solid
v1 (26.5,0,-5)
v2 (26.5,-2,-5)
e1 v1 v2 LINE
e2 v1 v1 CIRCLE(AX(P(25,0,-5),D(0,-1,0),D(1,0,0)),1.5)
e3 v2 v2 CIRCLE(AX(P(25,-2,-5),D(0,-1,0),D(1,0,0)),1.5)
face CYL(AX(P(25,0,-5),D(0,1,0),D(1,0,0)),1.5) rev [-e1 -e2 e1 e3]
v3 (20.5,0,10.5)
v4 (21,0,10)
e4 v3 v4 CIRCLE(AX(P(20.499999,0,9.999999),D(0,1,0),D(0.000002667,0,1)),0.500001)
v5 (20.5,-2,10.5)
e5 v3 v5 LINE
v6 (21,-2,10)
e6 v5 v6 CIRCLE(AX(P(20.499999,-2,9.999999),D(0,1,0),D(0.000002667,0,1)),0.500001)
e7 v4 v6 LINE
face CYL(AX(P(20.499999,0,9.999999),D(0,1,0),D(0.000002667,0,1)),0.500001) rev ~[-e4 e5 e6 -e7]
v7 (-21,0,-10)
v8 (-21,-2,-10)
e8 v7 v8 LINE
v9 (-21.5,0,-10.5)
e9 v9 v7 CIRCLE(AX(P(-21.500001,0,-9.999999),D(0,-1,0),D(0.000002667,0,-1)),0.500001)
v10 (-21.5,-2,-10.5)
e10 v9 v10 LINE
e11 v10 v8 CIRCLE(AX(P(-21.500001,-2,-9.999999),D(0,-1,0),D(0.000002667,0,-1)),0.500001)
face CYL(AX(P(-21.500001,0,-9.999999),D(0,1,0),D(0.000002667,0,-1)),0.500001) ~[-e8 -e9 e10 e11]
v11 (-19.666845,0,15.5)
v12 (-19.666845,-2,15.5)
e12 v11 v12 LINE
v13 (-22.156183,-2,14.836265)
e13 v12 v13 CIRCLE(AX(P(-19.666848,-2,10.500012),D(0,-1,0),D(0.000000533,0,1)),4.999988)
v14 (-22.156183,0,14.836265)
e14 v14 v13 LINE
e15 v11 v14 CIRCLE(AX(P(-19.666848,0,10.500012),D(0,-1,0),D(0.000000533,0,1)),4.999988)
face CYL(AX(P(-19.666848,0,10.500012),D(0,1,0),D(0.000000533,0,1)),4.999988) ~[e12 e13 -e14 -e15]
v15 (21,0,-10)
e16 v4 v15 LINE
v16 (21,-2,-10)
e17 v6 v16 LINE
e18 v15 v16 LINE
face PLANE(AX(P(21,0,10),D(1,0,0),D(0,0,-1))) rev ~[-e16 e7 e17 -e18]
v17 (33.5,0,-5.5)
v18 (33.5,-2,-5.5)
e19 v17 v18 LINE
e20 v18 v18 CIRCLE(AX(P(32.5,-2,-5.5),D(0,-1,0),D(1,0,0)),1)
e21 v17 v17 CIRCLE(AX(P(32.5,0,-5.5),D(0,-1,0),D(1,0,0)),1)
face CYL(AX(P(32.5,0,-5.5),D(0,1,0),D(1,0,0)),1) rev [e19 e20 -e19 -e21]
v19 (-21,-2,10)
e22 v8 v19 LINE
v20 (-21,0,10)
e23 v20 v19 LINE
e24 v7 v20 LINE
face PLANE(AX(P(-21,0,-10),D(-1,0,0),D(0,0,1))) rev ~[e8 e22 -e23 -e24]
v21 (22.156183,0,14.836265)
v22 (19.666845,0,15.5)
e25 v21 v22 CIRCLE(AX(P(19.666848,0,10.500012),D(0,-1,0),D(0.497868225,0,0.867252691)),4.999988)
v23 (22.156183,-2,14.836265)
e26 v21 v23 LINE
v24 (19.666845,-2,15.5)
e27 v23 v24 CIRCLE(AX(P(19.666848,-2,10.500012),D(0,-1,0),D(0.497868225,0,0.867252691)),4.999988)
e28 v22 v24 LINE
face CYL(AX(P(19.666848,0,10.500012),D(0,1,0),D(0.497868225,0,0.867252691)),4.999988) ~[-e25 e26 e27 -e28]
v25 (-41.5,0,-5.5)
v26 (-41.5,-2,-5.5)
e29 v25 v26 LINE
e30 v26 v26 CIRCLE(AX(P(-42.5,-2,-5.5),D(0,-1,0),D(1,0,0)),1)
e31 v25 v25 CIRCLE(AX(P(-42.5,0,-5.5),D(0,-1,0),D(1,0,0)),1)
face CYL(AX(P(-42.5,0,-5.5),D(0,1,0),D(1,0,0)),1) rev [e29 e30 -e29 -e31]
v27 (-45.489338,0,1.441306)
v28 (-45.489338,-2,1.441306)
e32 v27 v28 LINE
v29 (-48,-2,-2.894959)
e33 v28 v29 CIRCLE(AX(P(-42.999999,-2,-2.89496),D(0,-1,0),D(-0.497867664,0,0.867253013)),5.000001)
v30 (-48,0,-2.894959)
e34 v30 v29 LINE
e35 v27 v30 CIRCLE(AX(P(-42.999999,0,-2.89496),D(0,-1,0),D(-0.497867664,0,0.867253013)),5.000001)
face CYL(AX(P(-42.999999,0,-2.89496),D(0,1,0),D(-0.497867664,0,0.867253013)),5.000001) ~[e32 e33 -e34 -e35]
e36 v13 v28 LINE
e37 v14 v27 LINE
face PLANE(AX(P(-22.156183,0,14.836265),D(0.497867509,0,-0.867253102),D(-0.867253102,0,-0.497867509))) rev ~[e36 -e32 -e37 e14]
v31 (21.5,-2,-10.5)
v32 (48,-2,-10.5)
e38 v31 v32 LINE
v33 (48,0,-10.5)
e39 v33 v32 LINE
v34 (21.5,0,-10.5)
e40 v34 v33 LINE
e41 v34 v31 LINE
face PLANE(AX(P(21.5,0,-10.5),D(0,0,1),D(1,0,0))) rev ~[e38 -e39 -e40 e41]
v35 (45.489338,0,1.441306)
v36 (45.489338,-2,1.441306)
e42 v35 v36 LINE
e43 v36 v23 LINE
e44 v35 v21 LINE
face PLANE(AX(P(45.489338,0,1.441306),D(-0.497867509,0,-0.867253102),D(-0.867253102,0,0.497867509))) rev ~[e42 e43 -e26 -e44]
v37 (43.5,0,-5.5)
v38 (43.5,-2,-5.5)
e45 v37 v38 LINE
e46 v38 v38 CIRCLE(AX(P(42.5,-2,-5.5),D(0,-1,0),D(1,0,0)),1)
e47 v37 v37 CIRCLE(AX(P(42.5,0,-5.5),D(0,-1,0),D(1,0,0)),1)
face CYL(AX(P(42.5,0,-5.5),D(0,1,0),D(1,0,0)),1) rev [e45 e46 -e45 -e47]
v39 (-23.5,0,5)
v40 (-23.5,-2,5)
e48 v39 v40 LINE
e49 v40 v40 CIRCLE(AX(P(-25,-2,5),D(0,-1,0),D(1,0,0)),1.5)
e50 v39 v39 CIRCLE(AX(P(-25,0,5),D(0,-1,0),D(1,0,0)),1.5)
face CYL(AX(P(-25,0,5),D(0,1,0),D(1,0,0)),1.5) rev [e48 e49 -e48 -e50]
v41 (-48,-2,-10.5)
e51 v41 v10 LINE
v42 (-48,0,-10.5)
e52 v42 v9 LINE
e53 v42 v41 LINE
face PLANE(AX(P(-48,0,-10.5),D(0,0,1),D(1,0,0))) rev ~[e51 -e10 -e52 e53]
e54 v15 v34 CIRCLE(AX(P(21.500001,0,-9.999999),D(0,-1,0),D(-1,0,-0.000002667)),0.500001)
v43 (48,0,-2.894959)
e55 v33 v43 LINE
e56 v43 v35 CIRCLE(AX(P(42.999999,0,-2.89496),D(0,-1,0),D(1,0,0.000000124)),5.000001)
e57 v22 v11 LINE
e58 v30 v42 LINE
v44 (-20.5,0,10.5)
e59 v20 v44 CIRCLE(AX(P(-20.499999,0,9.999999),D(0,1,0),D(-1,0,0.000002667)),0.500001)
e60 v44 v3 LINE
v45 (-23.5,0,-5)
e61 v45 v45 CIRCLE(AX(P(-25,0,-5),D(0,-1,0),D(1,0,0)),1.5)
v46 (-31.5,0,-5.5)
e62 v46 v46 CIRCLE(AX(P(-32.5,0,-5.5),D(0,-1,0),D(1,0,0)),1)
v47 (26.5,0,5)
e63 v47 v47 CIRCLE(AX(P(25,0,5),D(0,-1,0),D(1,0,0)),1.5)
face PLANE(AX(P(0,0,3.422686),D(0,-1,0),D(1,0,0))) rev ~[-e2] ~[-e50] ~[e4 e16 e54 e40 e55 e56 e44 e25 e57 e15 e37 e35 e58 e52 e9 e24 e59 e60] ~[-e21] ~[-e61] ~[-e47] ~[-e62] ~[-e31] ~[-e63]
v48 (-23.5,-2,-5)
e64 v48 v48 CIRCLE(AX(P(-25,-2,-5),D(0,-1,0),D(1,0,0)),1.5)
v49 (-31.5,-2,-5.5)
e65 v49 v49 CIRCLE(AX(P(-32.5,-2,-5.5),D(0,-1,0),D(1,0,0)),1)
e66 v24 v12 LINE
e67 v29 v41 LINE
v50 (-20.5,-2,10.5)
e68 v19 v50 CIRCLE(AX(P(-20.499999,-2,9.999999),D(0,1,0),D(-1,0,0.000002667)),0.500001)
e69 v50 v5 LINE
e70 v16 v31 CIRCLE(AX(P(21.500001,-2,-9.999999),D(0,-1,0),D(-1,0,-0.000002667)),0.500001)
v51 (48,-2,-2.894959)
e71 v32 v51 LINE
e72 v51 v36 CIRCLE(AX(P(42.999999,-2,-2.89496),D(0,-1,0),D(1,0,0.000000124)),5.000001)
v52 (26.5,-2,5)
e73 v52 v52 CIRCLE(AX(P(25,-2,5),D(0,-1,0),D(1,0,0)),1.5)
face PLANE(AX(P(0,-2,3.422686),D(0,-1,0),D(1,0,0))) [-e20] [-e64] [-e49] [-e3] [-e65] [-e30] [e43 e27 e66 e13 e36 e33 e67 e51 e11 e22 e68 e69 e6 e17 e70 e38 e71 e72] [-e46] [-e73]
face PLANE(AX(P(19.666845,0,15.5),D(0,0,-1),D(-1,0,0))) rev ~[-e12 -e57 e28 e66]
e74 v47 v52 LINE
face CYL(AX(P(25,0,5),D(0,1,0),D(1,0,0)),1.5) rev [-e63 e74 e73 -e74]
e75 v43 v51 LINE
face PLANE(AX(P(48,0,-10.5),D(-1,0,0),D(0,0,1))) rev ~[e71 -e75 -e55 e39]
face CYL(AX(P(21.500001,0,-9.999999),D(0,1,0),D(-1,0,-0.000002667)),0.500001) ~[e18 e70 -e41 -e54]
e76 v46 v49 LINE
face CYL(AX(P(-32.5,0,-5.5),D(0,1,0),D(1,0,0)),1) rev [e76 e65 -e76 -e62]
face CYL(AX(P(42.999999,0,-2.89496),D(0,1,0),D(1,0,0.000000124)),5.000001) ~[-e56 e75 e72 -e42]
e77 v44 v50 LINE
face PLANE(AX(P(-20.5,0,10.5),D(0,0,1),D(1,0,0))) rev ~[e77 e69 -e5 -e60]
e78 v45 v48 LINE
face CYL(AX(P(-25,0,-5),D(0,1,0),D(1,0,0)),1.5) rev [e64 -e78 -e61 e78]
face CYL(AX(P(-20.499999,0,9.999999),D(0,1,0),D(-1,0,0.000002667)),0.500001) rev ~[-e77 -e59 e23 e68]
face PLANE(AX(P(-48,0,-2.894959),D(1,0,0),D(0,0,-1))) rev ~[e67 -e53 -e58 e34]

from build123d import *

# Parameters (mm, degrees)
F0_R     = 1
F0_R_2   = 1.5
F1_DEPTH = 2


with BuildPart() as f1:
    # F0 (on Front) → F1 (new body)
    with BuildSketch(Plane.XZ):
        with BuildLine():
            ThreePointArc((-21, 10), (-20.853553, 10.353553), (-20.5, 10.5))
            Line((-20.5, 10.5), (20.5, 10.5))
            ThreePointArc((20.5, 10.5), (20.853553, 10.353553), (21, 10))
            Line((21, 10), (21, -10))
            ThreePointArc((21, -10), (21.146447, -10.353553), (21.5, -10.5))
            Line((21.5, -10.5), (30, -10.5))
            Line((30, -10.5), (45, -10.5))
            Line((45, -10.5), (48, -10.5))
            Line((48, -10.5), (48, -2.894959))
            ThreePointArc((48, -2.894959), (47.327048, -0.389634), (45.489338, 1.441306))
            Line((45.489338, 1.441306), (22.156183, 14.836265))
            ThreePointArc((22.156183, 14.836265), (20.954997, 15.331218), (19.666845, 15.5))
            Line((19.666845, 15.5), (0, 15.5))
            Line((0, 15.5), (-19.666845, 15.5))
            ThreePointArc((-19.666845, 15.5), (-20.954997, 15.331218), (-22.156183, 14.836265))
            Line((-22.156183, 14.836265), (-45.489338, 1.441306))
            ThreePointArc((-45.489338, 1.441306), (-47.327048, -0.389634), (-48, -2.894959))
            Line((-48, -2.894959), (-48, -10.5))
            Line((-48, -10.5), (-45, -10.5))
            Line((-45, -10.5), (-30, -10.5))
            Line((-30, -10.5), (-21.5, -10.5))
            ThreePointArc((-21.5, -10.5), (-21.146447, -10.353553), (-21, -10))
            Line((-21, -10), (-21, 10))
        make_face()
        with Locations((-42.5, -5.5)):
            Circle(F0_R, mode=Mode.SUBTRACT)
        with Locations((-32.5, -5.5)):
            Circle(F0_R, mode=Mode.SUBTRACT)
        with Locations((-25, -5)):
            Circle(F0_R_2, mode=Mode.SUBTRACT)
        with Locations((25, -5)):
            Circle(F0_R_2, mode=Mode.SUBTRACT)
        with Locations((32.5, -5.5)):
            Circle(F0_R, mode=Mode.SUBTRACT)
        with Locations((42.5, -5.5)):
            Circle(F0_R, mode=Mode.SUBTRACT)
        with Locations((-25, 5)):
            Circle(F0_R_2, mode=Mode.SUBTRACT)
        with Locations((25, 5)):
            Circle(F0_R_2, mode=Mode.SUBTRACT)
    extrude(amount=F1_DEPTH)


solid = f1.part
